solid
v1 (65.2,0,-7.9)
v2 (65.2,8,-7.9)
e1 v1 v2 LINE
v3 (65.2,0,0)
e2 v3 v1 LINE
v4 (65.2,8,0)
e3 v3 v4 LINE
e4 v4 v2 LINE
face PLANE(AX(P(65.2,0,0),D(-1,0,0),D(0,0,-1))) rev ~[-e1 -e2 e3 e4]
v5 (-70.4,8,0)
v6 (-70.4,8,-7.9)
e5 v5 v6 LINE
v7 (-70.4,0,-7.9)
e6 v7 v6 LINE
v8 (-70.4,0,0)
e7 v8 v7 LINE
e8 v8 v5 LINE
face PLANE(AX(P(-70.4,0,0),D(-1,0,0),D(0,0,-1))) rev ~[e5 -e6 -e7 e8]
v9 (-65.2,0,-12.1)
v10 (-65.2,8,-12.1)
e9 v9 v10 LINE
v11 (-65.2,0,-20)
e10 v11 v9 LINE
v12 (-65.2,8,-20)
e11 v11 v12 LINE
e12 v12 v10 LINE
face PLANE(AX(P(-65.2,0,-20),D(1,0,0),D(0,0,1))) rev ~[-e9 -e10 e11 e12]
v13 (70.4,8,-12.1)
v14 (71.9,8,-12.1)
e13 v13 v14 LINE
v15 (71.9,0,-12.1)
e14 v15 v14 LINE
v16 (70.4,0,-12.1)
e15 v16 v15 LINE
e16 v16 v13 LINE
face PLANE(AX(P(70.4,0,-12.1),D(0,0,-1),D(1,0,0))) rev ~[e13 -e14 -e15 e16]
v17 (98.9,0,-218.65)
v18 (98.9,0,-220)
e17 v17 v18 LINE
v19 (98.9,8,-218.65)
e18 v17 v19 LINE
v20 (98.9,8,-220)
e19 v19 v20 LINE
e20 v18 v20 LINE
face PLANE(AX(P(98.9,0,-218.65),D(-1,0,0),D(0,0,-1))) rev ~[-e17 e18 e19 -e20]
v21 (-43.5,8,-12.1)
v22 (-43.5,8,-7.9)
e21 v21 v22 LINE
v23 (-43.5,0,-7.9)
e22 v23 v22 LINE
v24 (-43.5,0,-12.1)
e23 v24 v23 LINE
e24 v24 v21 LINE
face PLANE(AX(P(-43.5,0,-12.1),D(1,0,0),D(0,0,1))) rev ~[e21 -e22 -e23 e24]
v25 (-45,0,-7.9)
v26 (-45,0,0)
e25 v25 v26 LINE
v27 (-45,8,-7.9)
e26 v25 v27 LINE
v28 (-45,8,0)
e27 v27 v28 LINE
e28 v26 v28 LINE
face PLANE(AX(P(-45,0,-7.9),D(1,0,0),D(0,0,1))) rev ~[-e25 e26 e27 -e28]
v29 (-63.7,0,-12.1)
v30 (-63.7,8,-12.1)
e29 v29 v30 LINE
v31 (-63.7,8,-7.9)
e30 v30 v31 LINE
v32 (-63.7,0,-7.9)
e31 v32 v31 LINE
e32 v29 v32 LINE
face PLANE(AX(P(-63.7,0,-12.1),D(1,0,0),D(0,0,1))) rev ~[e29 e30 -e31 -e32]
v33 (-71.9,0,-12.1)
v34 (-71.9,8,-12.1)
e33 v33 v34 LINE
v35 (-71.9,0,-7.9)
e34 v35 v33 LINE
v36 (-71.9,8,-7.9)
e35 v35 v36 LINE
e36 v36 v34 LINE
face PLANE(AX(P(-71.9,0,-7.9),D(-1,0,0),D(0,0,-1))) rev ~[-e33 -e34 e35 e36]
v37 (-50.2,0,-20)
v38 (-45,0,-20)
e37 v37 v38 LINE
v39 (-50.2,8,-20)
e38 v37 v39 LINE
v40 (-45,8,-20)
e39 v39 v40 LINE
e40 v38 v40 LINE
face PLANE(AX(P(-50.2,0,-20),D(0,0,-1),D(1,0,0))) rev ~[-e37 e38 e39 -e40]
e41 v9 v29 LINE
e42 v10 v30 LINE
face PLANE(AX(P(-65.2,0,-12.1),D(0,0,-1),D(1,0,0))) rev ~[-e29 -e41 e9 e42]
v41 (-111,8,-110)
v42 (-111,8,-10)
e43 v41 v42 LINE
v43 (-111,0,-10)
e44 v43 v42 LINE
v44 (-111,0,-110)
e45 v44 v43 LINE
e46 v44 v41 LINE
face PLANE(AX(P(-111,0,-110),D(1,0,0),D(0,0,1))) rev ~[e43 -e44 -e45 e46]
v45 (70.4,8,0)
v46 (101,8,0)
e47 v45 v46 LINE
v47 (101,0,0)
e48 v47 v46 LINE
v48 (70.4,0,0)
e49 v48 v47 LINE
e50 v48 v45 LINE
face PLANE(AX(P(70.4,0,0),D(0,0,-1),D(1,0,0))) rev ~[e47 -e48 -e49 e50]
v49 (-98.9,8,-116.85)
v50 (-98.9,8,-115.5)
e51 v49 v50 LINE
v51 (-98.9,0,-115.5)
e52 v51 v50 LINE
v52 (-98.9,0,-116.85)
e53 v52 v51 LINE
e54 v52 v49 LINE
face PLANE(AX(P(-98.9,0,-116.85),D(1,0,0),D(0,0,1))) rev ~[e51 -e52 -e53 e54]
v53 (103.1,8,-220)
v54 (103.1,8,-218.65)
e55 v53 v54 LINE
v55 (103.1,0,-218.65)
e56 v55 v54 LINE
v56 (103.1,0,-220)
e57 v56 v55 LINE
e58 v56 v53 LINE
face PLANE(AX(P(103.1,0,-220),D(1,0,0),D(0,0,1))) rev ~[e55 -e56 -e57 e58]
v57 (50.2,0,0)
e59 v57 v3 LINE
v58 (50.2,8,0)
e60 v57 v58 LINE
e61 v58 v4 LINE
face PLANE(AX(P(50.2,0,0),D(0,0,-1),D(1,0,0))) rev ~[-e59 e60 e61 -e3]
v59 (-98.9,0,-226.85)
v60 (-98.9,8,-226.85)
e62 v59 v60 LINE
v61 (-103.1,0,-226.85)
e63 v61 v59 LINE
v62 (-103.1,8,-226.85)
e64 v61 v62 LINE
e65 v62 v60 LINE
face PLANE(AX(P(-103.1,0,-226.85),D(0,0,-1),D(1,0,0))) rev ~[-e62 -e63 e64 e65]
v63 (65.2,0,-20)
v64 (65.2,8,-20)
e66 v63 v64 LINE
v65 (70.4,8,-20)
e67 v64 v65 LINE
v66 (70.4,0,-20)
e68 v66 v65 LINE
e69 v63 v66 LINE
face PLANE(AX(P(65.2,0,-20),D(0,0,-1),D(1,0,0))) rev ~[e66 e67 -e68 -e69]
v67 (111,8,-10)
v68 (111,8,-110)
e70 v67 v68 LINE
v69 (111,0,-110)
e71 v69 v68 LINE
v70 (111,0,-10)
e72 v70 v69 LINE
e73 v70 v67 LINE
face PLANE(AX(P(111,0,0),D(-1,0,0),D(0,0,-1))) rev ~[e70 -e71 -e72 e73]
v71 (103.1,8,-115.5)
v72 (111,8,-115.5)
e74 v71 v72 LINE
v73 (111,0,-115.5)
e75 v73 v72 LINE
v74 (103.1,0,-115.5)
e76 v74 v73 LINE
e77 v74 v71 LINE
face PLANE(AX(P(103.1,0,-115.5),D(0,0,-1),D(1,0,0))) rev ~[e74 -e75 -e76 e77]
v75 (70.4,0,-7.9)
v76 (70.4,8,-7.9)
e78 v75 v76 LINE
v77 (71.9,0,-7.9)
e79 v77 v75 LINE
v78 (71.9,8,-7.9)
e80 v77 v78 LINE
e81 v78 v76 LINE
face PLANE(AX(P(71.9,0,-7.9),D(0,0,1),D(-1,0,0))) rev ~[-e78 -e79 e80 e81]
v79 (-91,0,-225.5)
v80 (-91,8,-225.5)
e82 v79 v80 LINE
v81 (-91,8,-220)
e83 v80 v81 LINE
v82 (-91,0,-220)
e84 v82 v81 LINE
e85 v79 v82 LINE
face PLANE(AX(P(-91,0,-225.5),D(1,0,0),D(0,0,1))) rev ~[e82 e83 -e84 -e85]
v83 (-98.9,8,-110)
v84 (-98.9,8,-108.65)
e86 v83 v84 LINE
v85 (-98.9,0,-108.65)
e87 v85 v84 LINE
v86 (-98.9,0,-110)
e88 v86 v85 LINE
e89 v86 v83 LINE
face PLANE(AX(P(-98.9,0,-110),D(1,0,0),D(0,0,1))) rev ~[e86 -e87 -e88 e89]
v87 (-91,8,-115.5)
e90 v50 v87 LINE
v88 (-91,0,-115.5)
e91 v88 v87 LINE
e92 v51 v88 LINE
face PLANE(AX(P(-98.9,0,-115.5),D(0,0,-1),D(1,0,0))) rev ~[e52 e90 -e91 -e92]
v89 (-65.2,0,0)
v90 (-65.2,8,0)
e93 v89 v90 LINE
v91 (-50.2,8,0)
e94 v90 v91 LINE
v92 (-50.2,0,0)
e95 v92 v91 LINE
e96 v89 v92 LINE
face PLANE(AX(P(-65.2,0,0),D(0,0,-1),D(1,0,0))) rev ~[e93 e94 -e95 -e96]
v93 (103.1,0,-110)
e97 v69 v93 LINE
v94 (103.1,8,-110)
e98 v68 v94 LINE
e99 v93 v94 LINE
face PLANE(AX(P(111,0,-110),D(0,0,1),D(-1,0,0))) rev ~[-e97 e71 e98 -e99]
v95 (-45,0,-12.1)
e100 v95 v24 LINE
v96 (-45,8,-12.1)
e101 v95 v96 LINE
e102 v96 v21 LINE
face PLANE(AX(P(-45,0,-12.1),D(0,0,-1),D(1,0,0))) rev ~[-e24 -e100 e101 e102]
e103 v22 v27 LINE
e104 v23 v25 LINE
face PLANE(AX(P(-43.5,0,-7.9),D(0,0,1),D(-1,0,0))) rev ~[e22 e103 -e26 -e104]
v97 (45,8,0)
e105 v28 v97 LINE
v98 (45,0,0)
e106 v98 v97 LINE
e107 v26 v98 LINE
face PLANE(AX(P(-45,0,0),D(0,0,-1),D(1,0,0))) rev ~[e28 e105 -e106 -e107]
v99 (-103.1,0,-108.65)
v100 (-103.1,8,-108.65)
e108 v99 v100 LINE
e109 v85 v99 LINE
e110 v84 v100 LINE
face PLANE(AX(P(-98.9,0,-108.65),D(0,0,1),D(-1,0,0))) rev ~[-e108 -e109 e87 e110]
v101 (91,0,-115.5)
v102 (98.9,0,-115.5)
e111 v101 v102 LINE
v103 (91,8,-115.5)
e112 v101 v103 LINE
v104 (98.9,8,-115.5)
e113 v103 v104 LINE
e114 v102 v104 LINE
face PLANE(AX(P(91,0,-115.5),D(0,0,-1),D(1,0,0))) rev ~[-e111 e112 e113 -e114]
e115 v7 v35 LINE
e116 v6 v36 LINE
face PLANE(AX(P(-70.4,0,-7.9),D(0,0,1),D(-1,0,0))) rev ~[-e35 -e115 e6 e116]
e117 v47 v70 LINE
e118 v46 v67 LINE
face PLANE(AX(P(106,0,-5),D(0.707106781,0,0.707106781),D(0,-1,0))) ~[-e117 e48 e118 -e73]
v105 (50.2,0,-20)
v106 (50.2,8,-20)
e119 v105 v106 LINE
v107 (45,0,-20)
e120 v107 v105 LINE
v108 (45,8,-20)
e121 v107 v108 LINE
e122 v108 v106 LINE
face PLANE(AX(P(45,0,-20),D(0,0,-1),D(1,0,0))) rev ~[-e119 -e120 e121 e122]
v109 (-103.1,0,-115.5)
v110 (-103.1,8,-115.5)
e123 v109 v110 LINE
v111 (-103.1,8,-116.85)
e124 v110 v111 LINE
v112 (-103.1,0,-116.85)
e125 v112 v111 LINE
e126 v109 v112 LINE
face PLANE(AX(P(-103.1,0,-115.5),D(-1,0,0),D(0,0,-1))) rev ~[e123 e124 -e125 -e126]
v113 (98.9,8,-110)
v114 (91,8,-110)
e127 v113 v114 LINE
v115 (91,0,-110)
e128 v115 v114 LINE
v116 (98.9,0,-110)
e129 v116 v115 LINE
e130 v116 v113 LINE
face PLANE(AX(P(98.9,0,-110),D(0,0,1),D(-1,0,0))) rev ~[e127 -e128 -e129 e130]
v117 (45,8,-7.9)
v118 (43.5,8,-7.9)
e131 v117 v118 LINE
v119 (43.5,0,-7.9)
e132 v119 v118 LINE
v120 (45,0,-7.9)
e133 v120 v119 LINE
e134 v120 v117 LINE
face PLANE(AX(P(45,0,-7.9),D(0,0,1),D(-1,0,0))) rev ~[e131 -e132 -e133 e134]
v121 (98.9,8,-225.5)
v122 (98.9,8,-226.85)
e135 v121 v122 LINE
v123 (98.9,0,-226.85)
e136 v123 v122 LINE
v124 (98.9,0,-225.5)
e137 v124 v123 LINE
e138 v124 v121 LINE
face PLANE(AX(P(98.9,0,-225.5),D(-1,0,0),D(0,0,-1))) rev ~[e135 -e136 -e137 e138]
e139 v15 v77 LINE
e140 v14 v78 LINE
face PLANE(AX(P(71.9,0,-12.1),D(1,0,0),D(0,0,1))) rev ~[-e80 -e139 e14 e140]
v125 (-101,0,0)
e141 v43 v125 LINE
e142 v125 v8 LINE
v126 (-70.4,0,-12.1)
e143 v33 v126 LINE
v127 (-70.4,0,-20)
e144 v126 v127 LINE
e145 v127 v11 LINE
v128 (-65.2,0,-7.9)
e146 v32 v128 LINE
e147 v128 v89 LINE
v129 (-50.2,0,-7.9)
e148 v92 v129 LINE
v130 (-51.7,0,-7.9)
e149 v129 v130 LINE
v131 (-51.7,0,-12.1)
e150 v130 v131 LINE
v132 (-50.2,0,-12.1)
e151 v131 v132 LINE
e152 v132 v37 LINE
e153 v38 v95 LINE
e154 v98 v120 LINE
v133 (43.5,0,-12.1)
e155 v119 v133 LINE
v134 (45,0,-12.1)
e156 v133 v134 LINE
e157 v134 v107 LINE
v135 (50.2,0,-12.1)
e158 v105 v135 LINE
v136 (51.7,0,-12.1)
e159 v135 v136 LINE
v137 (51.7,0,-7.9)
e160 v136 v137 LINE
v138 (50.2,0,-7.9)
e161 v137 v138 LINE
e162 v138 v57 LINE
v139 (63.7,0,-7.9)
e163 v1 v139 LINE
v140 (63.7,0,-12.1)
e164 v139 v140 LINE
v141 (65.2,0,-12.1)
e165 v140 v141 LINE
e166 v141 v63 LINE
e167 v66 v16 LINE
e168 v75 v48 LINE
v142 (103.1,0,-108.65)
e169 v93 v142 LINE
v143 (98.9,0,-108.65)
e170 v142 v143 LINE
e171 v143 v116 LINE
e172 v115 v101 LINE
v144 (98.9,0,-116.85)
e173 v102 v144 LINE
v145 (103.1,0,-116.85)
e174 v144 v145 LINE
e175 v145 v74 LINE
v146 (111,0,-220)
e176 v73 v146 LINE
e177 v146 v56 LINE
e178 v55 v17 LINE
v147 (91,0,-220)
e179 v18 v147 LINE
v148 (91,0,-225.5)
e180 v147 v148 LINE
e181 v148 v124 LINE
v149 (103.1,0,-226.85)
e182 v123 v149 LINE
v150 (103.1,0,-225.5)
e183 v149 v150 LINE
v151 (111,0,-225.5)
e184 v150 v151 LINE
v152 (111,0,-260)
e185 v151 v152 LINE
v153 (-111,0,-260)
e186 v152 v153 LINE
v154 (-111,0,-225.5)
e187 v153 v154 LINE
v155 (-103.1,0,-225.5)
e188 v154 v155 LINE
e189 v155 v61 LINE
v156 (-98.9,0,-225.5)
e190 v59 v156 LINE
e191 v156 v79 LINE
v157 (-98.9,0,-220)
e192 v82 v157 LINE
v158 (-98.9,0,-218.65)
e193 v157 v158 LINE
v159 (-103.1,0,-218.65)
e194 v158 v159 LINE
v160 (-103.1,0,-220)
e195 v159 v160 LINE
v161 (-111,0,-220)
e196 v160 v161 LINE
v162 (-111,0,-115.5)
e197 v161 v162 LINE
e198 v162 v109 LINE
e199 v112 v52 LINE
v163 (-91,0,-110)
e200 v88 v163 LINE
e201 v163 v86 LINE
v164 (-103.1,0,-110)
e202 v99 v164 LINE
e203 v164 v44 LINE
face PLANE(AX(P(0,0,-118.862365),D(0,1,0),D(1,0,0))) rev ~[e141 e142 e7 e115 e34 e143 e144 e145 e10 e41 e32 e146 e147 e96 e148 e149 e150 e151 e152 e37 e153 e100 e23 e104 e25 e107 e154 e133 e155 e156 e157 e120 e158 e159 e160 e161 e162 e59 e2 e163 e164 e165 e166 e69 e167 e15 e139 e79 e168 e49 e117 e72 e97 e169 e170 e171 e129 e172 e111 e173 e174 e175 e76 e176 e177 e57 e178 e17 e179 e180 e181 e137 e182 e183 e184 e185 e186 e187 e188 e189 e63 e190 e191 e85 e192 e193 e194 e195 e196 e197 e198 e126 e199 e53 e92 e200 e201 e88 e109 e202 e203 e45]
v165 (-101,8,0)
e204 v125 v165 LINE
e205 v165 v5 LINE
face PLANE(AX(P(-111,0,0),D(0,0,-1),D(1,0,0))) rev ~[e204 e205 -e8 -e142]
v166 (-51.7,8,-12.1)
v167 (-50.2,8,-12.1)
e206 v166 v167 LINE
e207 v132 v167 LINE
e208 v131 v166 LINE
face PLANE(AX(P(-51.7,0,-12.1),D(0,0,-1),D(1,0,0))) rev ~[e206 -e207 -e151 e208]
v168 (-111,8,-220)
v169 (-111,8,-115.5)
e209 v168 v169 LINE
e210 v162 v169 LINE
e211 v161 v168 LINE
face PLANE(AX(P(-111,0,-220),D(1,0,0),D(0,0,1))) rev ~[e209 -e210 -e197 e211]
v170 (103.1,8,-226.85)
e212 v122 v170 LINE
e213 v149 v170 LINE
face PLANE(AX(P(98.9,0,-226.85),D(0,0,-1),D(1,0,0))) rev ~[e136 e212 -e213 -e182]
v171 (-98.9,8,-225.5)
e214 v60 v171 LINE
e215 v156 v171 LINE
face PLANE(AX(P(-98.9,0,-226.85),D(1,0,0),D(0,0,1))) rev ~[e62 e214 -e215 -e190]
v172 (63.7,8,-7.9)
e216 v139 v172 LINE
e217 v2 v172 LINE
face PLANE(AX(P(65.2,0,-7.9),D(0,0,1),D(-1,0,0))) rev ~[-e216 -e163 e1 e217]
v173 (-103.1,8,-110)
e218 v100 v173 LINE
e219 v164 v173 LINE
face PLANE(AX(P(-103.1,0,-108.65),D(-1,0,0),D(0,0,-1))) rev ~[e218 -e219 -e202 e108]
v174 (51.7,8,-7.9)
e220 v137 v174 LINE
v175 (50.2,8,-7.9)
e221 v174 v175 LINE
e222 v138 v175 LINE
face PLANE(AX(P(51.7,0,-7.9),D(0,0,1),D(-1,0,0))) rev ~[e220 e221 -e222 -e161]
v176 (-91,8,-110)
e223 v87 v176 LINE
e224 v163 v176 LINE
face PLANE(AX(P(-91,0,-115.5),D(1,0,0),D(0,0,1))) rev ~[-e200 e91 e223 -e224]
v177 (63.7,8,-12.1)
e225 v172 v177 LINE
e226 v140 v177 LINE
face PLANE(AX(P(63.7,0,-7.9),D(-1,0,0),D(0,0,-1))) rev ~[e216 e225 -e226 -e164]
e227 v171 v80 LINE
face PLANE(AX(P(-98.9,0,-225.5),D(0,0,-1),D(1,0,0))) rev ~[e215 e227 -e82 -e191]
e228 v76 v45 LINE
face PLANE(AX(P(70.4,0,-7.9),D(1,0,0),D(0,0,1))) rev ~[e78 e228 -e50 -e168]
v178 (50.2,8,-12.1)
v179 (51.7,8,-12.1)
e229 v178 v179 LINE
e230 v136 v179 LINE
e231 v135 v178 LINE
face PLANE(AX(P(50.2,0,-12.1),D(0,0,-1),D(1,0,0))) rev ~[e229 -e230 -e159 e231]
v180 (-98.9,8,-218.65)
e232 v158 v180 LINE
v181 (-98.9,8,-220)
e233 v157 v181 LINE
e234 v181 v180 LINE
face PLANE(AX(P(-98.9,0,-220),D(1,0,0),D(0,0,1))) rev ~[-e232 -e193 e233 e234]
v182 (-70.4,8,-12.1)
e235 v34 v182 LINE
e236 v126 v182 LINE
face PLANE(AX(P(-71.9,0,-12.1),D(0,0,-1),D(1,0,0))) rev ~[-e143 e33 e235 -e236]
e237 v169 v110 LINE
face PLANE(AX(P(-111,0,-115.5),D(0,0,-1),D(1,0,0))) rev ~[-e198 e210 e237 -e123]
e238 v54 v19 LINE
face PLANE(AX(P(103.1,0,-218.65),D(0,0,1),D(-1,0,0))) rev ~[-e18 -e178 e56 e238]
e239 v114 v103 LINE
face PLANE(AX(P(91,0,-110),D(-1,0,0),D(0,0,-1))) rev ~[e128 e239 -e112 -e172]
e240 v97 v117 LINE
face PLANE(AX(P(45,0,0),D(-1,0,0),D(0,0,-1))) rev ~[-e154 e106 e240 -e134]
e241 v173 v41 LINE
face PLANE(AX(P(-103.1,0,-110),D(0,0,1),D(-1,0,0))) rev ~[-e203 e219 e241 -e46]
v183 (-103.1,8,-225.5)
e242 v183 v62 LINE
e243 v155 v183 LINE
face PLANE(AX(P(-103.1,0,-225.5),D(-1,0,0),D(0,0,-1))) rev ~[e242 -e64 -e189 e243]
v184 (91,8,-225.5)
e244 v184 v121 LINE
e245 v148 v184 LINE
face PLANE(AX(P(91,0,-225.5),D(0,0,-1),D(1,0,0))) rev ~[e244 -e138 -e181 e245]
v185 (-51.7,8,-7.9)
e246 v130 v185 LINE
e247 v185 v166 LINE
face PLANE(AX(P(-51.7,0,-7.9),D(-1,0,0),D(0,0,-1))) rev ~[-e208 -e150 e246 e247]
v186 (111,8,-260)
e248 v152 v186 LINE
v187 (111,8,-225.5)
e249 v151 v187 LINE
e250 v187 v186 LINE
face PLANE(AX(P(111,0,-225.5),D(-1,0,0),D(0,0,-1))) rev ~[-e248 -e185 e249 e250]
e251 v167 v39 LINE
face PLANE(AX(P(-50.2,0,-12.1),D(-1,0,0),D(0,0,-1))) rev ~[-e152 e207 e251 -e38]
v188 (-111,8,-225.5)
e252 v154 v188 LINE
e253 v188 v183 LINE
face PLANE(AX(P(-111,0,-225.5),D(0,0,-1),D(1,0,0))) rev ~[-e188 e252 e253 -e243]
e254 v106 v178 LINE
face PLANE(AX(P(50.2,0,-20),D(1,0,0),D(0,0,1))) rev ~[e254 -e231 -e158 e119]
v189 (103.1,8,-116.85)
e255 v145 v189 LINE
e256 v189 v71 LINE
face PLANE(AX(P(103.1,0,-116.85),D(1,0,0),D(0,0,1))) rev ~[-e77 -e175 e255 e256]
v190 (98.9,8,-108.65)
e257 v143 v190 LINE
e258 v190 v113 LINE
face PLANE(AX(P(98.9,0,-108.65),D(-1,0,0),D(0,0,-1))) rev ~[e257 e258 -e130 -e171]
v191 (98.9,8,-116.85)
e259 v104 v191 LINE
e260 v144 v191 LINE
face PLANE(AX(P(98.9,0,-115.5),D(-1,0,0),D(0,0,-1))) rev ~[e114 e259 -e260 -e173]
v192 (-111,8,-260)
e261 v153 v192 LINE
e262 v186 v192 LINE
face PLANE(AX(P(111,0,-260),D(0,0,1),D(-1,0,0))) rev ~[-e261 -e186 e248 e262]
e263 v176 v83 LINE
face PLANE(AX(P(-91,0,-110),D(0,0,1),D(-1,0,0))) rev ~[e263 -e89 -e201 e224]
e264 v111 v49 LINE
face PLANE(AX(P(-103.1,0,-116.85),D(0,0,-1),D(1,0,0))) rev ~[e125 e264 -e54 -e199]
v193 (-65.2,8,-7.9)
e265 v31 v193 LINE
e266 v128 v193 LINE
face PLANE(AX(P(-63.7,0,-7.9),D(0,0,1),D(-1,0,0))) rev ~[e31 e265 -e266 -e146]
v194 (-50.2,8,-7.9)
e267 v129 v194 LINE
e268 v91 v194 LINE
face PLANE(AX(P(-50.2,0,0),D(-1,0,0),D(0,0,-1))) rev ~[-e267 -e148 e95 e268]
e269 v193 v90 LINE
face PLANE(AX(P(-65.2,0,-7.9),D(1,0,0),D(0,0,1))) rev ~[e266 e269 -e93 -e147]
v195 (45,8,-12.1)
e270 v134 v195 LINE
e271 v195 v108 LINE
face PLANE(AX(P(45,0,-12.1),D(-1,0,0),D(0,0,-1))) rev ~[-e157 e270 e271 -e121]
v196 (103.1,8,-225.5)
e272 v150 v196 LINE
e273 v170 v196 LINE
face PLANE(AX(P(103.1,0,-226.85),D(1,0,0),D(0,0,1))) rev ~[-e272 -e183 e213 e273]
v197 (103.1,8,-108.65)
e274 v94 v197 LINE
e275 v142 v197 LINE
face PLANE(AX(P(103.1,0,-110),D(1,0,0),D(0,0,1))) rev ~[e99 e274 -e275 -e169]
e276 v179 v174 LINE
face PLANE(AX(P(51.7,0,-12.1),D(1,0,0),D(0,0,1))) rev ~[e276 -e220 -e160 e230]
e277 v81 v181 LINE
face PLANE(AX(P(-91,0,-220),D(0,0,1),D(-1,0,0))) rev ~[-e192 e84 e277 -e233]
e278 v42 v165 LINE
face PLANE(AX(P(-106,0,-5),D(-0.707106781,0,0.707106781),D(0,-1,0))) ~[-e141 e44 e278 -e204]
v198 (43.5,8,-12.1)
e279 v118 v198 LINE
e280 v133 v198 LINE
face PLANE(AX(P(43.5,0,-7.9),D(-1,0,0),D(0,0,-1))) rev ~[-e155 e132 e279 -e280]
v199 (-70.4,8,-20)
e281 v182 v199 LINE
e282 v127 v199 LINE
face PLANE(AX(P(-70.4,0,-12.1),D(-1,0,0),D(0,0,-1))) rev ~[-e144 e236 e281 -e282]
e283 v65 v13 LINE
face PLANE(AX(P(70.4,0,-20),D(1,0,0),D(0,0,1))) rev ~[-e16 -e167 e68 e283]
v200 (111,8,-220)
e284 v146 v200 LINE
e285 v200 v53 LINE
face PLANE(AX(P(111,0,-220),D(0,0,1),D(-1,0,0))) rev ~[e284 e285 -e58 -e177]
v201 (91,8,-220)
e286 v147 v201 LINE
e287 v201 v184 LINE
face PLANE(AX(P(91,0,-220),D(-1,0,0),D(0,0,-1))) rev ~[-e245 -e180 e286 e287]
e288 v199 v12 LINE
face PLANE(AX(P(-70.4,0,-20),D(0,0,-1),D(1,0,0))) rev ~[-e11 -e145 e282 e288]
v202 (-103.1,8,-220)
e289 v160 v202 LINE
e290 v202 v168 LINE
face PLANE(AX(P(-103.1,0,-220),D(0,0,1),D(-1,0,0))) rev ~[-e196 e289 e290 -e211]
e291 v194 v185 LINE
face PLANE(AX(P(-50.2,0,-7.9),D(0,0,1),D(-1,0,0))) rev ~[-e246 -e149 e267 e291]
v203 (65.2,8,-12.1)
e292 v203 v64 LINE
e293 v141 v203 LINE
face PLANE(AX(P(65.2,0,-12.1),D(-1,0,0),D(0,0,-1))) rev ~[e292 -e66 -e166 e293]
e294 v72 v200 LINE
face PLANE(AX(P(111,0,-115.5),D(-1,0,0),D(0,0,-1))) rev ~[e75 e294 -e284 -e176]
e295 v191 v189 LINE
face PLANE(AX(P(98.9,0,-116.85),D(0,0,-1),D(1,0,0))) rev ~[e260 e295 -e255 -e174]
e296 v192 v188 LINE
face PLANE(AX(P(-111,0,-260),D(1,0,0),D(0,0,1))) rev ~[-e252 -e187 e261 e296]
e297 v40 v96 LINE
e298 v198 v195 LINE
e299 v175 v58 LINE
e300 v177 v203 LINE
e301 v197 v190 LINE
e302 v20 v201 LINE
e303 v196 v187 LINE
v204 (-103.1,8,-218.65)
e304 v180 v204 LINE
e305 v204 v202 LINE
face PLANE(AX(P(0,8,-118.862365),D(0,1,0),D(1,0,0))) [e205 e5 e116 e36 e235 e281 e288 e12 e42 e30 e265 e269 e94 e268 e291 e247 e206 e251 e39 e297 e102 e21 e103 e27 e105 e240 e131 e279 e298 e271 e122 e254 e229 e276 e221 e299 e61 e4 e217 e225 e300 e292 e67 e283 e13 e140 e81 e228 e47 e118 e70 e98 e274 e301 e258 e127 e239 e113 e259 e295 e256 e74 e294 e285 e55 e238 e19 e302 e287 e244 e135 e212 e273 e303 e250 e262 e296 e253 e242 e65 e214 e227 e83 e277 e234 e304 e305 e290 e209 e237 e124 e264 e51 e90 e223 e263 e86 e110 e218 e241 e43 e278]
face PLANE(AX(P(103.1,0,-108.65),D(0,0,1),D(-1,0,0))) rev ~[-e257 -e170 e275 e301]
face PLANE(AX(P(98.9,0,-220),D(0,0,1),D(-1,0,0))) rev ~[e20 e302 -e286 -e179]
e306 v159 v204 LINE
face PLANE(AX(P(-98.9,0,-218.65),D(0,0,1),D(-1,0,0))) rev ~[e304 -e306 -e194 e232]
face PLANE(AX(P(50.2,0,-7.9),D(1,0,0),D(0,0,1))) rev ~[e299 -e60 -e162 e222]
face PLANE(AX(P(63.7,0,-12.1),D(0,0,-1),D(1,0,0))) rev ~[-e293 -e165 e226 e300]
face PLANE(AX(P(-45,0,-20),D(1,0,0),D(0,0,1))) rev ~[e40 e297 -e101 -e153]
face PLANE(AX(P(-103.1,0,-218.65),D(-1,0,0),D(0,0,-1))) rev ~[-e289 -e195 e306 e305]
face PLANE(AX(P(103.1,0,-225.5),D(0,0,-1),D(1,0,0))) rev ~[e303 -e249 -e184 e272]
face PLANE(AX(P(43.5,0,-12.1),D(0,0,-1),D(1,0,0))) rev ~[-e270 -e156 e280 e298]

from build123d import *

# Parameters (mm, degrees)
EXTRUDE_1_DEPTH = 8
CHAMFER_1_SIZE  = 10


with BuildPart() as part:
    # Эскиз2 → Бобышка-Вытянуть1 (new body)
    with BuildSketch(Plane(origin=(0, 0, 0), x_dir=(1, 0, 0), z_dir=(0, 1, 0))):
        Polygon((-111, 110), (-111, 0), (-70.4, 0), (-70.4, 7.9), (-71.9, 7.9), (-71.9, 12.1), (-70.4, 12.1), (-70.4, 20), (-65.2, 20), (-65.2, 12.1), (-63.7, 12.1), (-63.7, 7.9), (-65.2, 7.9), (-65.2, 0), (-50.2, 0), (-50.2, 7.9), (-51.7, 7.9), (-51.7, 12.1), (-50.2, 12.1), (-50.2, 20), (-45, 20), (-45, 12.1), (-43.5, 12.1), (-43.5, 7.9), (-45, 7.9), (-45, 0), (45, 0), (45, 7.9), (43.5, 7.9), (43.5, 12.1), (45, 12.1), (45, 20), (50.2, 20), (50.2, 12.1), (51.7, 12.1), (51.7, 7.9), (50.2, 7.9), (50.2, 0), (65.2, 0), (65.2, 7.9), (63.7, 7.9), (63.7, 12.1), (65.2, 12.1), (65.2, 20), (70.4, 20), (70.4, 12.1), (71.9, 12.1), (71.9, 7.9), (70.4, 7.9), (70.4, 0), (111, 0), (111, 110), (103.1, 110), (103.1, 108.65), (98.9, 108.65), (98.9, 110), (91, 110), (91, 115.5), (98.9, 115.5), (98.9, 116.85), (103.1, 116.85), (103.1, 115.5), (111, 115.5), (111, 220), (103.1, 220), (103.1, 218.65), (98.9, 218.65), (98.9, 220), (91, 220), (91, 225.5), (98.9, 225.5), (98.9, 226.85), (103.1, 226.85), (103.1, 225.5), (111, 225.5), (111, 260), (-111, 260), (-111, 225.5), (-103.1, 225.5), (-103.1, 226.85), (-98.9, 226.85), (-98.9, 225.5), (-91, 225.5), (-91, 220), (-98.9, 220), (-98.9, 218.65), (-103.1, 218.65), (-103.1, 220), (-111, 220), (-111, 115.5), (-103.1, 115.5), (-103.1, 116.85), (-98.9, 116.85), (-98.9, 115.5), (-91, 115.5), (-91, 110), (-98.9, 110), (-98.9, 108.65), (-103.1, 108.65), (-103.1, 110), align=None)
    extrude(amount=EXTRUDE_1_DEPTH)

    # Фаска1
    chamfer_1_edges = [part.edges().sort_by_distance(p)[0] for p in [
        (111, 4, 0),
        (-111, 4, 0),
    ]]
    chamfer(chamfer_1_edges, length=CHAMFER_1_SIZE)


solid = part.part
